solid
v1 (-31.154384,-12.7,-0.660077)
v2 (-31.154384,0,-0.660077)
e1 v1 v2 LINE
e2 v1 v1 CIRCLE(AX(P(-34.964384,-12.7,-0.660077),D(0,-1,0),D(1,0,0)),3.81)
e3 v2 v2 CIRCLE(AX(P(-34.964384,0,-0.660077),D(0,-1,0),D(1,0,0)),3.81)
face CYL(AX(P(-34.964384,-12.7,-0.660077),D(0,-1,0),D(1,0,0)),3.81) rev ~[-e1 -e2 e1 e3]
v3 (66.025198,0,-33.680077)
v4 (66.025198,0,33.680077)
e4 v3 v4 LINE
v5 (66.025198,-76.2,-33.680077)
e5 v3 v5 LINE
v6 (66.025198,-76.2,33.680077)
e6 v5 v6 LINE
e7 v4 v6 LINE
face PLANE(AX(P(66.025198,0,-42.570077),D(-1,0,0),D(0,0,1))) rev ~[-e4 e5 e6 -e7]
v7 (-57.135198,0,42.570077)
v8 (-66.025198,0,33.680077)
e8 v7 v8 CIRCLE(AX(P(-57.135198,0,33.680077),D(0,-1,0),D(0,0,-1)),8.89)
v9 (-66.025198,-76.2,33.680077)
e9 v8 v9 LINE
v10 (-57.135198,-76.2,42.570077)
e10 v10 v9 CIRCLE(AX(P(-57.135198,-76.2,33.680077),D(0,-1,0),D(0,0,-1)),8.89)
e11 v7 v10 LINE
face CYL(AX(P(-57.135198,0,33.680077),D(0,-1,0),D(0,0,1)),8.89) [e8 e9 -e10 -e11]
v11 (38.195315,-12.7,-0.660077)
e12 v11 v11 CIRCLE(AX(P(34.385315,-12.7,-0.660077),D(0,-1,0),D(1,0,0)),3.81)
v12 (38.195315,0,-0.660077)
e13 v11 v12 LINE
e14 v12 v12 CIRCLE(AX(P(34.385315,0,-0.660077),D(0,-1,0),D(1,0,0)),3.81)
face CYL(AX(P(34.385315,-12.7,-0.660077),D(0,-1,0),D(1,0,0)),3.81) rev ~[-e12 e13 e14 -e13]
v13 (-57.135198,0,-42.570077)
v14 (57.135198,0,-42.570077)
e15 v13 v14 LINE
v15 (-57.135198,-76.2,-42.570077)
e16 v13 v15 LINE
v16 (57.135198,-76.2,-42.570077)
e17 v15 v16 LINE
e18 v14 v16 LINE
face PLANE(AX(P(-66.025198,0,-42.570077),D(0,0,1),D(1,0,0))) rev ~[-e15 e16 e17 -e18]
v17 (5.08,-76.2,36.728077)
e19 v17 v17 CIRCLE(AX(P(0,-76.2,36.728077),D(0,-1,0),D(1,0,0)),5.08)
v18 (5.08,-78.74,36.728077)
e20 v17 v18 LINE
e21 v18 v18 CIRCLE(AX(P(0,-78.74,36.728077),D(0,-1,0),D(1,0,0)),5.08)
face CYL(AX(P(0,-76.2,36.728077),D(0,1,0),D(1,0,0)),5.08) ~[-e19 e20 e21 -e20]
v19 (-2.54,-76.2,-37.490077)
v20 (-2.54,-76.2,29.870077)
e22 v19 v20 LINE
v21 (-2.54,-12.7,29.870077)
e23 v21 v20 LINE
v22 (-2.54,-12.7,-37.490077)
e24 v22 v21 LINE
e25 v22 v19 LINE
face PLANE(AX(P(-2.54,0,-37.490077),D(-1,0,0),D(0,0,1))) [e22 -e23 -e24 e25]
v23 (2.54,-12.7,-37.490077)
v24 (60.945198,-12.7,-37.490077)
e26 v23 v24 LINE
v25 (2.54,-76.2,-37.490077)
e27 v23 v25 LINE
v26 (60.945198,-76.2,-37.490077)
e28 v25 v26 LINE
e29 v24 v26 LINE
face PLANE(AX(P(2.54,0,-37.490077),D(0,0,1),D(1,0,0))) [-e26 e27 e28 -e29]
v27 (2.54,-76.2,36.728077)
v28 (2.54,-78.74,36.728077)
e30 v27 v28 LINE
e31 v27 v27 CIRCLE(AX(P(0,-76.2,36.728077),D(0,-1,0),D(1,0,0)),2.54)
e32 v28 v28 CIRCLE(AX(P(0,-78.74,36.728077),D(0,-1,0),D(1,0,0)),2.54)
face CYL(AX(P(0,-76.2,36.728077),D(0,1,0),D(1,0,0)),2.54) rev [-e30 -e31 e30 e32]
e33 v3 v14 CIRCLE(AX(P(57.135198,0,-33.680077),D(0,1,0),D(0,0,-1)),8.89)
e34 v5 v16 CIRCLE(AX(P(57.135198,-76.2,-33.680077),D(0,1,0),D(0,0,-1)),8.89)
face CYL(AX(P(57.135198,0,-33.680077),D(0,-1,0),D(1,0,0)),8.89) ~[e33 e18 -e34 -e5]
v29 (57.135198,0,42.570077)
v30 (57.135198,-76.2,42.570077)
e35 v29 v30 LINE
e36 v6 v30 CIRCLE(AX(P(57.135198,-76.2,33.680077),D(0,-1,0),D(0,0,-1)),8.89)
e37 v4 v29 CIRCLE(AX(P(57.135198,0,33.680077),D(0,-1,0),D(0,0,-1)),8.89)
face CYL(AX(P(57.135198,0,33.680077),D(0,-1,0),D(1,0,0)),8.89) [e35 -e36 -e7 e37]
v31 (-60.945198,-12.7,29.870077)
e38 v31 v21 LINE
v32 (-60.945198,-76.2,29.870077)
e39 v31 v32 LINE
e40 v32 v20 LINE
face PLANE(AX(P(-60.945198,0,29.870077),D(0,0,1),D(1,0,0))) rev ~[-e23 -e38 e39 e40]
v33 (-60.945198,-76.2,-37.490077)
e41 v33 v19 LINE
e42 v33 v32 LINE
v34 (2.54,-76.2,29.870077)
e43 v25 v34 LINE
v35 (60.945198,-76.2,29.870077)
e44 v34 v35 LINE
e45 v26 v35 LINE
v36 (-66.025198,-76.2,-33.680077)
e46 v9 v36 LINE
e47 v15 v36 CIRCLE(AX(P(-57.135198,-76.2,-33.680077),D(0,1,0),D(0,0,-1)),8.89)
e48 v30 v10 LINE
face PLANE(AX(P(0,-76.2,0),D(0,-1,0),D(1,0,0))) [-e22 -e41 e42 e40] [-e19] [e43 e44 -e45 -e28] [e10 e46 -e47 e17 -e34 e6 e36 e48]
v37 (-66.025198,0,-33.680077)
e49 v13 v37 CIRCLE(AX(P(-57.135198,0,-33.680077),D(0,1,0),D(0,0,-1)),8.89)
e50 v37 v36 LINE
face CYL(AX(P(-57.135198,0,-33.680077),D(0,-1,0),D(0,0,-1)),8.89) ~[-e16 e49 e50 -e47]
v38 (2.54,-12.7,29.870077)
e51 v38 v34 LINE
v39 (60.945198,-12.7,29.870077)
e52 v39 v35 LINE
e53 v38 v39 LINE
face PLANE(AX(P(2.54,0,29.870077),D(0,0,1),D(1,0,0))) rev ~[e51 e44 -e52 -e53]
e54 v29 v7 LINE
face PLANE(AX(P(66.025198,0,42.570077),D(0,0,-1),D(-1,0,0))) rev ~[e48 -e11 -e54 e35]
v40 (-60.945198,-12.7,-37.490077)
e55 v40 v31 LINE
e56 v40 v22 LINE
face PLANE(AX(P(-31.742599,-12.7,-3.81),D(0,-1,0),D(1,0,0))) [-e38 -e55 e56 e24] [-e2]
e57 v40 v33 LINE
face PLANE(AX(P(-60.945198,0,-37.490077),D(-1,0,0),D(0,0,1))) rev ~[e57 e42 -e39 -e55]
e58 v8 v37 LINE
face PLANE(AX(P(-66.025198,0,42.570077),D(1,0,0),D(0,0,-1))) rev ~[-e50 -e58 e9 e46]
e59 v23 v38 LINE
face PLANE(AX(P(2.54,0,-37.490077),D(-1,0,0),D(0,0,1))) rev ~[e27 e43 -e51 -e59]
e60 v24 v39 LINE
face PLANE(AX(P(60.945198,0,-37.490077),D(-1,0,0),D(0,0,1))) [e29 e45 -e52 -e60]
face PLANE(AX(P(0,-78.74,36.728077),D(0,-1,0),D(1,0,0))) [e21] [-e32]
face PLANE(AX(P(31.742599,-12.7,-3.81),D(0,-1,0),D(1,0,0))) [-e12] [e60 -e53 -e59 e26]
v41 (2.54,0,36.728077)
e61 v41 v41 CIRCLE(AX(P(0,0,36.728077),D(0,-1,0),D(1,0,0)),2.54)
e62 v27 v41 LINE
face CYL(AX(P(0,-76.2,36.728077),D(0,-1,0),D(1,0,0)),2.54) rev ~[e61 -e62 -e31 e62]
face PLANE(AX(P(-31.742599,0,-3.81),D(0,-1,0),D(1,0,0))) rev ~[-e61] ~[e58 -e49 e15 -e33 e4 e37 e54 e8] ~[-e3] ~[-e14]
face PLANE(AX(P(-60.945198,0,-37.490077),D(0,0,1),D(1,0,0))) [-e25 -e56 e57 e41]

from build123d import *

# Parameters (mm, degrees)
F0_W     = 58.405198
F0_H     = 67.360154
F1_DEPTH = 76.2
F2_DEPTH = 12.7
F3_R     = 8.89
F4_R     = 3.81
F5_DEPTH = 25.4
F6_R     = 2.54
F7_DEPTH = 76.201
F6_R_2   = 5.08
F8_DEPTH = 2.54


with BuildPart() as f1:
    # F0 (on Front) → F1 (new body)
    with BuildSketch(Plane.XZ):
        Polygon((66.025198, -42.570077), (66.025198, 42.570077), (2.54, 42.570077), (-2.54, 42.570077), (-66.025198, 42.570077), (-66.025198, -42.570077), (-2.54, -42.570077), (2.54, -42.570077), align=None)
        with Locations((-31.742599, -3.81)):
            Rectangle(F0_W, F0_H, mode=Mode.SUBTRACT)
        with Locations((31.742599, -3.81)):
            Rectangle(F0_W, F0_H, mode=Mode.SUBTRACT)
    extrude(amount=F1_DEPTH)

    # F0 (on Front) → F2 (join)
    with BuildSketch(Plane.XZ):
        with Locations((-31.742599, -3.81)):
            Rectangle(F0_W, F0_H)
        with Locations((31.742599, -3.81)):
            Rectangle(F0_W, F0_H)
    extrude(amount=F2_DEPTH)

    # F3
    f3_edges = [f1.edges().sort_by_distance(p)[0] for p in [
        (66.025198, -38.1, 42.570077),
        (-66.025198, -38.1, -42.570077),
        (66.025198, -38.1, -42.570077),
        (-66.025198, -38.1, 42.570077),
    ]]
    fillet(f3_edges, radius=F3_R)

    # F4 (on face) → F5 (cut)
    with BuildSketch(Plane.XZ.offset(12.7)):
        with Locations((-34.964384, -0.660077)):
            Circle(F4_R)
        with Locations((34.385315, -0.660077)):
            Circle(F4_R)
    extrude(amount=-F5_DEPTH, mode=Mode.SUBTRACT)

    # F6 (on face) → F7 (cut, through all)
    with BuildSketch(Plane.XZ.offset(76.2)):
        with Locations((0, 36.728077)):
            Circle(F6_R)
    extrude(amount=-F7_DEPTH, mode=Mode.SUBTRACT)

    # F6 (on face) → F8 (join)
    with BuildSketch(Plane.XZ.offset(76.2)):
        with Locations((0, 36.728077)):
            Circle(F6_R_2)
        with Locations((0, 36.728077)):
            Circle(F6_R, mode=Mode.SUBTRACT)
    extrude(amount=F8_DEPTH)


solid = f1.part
